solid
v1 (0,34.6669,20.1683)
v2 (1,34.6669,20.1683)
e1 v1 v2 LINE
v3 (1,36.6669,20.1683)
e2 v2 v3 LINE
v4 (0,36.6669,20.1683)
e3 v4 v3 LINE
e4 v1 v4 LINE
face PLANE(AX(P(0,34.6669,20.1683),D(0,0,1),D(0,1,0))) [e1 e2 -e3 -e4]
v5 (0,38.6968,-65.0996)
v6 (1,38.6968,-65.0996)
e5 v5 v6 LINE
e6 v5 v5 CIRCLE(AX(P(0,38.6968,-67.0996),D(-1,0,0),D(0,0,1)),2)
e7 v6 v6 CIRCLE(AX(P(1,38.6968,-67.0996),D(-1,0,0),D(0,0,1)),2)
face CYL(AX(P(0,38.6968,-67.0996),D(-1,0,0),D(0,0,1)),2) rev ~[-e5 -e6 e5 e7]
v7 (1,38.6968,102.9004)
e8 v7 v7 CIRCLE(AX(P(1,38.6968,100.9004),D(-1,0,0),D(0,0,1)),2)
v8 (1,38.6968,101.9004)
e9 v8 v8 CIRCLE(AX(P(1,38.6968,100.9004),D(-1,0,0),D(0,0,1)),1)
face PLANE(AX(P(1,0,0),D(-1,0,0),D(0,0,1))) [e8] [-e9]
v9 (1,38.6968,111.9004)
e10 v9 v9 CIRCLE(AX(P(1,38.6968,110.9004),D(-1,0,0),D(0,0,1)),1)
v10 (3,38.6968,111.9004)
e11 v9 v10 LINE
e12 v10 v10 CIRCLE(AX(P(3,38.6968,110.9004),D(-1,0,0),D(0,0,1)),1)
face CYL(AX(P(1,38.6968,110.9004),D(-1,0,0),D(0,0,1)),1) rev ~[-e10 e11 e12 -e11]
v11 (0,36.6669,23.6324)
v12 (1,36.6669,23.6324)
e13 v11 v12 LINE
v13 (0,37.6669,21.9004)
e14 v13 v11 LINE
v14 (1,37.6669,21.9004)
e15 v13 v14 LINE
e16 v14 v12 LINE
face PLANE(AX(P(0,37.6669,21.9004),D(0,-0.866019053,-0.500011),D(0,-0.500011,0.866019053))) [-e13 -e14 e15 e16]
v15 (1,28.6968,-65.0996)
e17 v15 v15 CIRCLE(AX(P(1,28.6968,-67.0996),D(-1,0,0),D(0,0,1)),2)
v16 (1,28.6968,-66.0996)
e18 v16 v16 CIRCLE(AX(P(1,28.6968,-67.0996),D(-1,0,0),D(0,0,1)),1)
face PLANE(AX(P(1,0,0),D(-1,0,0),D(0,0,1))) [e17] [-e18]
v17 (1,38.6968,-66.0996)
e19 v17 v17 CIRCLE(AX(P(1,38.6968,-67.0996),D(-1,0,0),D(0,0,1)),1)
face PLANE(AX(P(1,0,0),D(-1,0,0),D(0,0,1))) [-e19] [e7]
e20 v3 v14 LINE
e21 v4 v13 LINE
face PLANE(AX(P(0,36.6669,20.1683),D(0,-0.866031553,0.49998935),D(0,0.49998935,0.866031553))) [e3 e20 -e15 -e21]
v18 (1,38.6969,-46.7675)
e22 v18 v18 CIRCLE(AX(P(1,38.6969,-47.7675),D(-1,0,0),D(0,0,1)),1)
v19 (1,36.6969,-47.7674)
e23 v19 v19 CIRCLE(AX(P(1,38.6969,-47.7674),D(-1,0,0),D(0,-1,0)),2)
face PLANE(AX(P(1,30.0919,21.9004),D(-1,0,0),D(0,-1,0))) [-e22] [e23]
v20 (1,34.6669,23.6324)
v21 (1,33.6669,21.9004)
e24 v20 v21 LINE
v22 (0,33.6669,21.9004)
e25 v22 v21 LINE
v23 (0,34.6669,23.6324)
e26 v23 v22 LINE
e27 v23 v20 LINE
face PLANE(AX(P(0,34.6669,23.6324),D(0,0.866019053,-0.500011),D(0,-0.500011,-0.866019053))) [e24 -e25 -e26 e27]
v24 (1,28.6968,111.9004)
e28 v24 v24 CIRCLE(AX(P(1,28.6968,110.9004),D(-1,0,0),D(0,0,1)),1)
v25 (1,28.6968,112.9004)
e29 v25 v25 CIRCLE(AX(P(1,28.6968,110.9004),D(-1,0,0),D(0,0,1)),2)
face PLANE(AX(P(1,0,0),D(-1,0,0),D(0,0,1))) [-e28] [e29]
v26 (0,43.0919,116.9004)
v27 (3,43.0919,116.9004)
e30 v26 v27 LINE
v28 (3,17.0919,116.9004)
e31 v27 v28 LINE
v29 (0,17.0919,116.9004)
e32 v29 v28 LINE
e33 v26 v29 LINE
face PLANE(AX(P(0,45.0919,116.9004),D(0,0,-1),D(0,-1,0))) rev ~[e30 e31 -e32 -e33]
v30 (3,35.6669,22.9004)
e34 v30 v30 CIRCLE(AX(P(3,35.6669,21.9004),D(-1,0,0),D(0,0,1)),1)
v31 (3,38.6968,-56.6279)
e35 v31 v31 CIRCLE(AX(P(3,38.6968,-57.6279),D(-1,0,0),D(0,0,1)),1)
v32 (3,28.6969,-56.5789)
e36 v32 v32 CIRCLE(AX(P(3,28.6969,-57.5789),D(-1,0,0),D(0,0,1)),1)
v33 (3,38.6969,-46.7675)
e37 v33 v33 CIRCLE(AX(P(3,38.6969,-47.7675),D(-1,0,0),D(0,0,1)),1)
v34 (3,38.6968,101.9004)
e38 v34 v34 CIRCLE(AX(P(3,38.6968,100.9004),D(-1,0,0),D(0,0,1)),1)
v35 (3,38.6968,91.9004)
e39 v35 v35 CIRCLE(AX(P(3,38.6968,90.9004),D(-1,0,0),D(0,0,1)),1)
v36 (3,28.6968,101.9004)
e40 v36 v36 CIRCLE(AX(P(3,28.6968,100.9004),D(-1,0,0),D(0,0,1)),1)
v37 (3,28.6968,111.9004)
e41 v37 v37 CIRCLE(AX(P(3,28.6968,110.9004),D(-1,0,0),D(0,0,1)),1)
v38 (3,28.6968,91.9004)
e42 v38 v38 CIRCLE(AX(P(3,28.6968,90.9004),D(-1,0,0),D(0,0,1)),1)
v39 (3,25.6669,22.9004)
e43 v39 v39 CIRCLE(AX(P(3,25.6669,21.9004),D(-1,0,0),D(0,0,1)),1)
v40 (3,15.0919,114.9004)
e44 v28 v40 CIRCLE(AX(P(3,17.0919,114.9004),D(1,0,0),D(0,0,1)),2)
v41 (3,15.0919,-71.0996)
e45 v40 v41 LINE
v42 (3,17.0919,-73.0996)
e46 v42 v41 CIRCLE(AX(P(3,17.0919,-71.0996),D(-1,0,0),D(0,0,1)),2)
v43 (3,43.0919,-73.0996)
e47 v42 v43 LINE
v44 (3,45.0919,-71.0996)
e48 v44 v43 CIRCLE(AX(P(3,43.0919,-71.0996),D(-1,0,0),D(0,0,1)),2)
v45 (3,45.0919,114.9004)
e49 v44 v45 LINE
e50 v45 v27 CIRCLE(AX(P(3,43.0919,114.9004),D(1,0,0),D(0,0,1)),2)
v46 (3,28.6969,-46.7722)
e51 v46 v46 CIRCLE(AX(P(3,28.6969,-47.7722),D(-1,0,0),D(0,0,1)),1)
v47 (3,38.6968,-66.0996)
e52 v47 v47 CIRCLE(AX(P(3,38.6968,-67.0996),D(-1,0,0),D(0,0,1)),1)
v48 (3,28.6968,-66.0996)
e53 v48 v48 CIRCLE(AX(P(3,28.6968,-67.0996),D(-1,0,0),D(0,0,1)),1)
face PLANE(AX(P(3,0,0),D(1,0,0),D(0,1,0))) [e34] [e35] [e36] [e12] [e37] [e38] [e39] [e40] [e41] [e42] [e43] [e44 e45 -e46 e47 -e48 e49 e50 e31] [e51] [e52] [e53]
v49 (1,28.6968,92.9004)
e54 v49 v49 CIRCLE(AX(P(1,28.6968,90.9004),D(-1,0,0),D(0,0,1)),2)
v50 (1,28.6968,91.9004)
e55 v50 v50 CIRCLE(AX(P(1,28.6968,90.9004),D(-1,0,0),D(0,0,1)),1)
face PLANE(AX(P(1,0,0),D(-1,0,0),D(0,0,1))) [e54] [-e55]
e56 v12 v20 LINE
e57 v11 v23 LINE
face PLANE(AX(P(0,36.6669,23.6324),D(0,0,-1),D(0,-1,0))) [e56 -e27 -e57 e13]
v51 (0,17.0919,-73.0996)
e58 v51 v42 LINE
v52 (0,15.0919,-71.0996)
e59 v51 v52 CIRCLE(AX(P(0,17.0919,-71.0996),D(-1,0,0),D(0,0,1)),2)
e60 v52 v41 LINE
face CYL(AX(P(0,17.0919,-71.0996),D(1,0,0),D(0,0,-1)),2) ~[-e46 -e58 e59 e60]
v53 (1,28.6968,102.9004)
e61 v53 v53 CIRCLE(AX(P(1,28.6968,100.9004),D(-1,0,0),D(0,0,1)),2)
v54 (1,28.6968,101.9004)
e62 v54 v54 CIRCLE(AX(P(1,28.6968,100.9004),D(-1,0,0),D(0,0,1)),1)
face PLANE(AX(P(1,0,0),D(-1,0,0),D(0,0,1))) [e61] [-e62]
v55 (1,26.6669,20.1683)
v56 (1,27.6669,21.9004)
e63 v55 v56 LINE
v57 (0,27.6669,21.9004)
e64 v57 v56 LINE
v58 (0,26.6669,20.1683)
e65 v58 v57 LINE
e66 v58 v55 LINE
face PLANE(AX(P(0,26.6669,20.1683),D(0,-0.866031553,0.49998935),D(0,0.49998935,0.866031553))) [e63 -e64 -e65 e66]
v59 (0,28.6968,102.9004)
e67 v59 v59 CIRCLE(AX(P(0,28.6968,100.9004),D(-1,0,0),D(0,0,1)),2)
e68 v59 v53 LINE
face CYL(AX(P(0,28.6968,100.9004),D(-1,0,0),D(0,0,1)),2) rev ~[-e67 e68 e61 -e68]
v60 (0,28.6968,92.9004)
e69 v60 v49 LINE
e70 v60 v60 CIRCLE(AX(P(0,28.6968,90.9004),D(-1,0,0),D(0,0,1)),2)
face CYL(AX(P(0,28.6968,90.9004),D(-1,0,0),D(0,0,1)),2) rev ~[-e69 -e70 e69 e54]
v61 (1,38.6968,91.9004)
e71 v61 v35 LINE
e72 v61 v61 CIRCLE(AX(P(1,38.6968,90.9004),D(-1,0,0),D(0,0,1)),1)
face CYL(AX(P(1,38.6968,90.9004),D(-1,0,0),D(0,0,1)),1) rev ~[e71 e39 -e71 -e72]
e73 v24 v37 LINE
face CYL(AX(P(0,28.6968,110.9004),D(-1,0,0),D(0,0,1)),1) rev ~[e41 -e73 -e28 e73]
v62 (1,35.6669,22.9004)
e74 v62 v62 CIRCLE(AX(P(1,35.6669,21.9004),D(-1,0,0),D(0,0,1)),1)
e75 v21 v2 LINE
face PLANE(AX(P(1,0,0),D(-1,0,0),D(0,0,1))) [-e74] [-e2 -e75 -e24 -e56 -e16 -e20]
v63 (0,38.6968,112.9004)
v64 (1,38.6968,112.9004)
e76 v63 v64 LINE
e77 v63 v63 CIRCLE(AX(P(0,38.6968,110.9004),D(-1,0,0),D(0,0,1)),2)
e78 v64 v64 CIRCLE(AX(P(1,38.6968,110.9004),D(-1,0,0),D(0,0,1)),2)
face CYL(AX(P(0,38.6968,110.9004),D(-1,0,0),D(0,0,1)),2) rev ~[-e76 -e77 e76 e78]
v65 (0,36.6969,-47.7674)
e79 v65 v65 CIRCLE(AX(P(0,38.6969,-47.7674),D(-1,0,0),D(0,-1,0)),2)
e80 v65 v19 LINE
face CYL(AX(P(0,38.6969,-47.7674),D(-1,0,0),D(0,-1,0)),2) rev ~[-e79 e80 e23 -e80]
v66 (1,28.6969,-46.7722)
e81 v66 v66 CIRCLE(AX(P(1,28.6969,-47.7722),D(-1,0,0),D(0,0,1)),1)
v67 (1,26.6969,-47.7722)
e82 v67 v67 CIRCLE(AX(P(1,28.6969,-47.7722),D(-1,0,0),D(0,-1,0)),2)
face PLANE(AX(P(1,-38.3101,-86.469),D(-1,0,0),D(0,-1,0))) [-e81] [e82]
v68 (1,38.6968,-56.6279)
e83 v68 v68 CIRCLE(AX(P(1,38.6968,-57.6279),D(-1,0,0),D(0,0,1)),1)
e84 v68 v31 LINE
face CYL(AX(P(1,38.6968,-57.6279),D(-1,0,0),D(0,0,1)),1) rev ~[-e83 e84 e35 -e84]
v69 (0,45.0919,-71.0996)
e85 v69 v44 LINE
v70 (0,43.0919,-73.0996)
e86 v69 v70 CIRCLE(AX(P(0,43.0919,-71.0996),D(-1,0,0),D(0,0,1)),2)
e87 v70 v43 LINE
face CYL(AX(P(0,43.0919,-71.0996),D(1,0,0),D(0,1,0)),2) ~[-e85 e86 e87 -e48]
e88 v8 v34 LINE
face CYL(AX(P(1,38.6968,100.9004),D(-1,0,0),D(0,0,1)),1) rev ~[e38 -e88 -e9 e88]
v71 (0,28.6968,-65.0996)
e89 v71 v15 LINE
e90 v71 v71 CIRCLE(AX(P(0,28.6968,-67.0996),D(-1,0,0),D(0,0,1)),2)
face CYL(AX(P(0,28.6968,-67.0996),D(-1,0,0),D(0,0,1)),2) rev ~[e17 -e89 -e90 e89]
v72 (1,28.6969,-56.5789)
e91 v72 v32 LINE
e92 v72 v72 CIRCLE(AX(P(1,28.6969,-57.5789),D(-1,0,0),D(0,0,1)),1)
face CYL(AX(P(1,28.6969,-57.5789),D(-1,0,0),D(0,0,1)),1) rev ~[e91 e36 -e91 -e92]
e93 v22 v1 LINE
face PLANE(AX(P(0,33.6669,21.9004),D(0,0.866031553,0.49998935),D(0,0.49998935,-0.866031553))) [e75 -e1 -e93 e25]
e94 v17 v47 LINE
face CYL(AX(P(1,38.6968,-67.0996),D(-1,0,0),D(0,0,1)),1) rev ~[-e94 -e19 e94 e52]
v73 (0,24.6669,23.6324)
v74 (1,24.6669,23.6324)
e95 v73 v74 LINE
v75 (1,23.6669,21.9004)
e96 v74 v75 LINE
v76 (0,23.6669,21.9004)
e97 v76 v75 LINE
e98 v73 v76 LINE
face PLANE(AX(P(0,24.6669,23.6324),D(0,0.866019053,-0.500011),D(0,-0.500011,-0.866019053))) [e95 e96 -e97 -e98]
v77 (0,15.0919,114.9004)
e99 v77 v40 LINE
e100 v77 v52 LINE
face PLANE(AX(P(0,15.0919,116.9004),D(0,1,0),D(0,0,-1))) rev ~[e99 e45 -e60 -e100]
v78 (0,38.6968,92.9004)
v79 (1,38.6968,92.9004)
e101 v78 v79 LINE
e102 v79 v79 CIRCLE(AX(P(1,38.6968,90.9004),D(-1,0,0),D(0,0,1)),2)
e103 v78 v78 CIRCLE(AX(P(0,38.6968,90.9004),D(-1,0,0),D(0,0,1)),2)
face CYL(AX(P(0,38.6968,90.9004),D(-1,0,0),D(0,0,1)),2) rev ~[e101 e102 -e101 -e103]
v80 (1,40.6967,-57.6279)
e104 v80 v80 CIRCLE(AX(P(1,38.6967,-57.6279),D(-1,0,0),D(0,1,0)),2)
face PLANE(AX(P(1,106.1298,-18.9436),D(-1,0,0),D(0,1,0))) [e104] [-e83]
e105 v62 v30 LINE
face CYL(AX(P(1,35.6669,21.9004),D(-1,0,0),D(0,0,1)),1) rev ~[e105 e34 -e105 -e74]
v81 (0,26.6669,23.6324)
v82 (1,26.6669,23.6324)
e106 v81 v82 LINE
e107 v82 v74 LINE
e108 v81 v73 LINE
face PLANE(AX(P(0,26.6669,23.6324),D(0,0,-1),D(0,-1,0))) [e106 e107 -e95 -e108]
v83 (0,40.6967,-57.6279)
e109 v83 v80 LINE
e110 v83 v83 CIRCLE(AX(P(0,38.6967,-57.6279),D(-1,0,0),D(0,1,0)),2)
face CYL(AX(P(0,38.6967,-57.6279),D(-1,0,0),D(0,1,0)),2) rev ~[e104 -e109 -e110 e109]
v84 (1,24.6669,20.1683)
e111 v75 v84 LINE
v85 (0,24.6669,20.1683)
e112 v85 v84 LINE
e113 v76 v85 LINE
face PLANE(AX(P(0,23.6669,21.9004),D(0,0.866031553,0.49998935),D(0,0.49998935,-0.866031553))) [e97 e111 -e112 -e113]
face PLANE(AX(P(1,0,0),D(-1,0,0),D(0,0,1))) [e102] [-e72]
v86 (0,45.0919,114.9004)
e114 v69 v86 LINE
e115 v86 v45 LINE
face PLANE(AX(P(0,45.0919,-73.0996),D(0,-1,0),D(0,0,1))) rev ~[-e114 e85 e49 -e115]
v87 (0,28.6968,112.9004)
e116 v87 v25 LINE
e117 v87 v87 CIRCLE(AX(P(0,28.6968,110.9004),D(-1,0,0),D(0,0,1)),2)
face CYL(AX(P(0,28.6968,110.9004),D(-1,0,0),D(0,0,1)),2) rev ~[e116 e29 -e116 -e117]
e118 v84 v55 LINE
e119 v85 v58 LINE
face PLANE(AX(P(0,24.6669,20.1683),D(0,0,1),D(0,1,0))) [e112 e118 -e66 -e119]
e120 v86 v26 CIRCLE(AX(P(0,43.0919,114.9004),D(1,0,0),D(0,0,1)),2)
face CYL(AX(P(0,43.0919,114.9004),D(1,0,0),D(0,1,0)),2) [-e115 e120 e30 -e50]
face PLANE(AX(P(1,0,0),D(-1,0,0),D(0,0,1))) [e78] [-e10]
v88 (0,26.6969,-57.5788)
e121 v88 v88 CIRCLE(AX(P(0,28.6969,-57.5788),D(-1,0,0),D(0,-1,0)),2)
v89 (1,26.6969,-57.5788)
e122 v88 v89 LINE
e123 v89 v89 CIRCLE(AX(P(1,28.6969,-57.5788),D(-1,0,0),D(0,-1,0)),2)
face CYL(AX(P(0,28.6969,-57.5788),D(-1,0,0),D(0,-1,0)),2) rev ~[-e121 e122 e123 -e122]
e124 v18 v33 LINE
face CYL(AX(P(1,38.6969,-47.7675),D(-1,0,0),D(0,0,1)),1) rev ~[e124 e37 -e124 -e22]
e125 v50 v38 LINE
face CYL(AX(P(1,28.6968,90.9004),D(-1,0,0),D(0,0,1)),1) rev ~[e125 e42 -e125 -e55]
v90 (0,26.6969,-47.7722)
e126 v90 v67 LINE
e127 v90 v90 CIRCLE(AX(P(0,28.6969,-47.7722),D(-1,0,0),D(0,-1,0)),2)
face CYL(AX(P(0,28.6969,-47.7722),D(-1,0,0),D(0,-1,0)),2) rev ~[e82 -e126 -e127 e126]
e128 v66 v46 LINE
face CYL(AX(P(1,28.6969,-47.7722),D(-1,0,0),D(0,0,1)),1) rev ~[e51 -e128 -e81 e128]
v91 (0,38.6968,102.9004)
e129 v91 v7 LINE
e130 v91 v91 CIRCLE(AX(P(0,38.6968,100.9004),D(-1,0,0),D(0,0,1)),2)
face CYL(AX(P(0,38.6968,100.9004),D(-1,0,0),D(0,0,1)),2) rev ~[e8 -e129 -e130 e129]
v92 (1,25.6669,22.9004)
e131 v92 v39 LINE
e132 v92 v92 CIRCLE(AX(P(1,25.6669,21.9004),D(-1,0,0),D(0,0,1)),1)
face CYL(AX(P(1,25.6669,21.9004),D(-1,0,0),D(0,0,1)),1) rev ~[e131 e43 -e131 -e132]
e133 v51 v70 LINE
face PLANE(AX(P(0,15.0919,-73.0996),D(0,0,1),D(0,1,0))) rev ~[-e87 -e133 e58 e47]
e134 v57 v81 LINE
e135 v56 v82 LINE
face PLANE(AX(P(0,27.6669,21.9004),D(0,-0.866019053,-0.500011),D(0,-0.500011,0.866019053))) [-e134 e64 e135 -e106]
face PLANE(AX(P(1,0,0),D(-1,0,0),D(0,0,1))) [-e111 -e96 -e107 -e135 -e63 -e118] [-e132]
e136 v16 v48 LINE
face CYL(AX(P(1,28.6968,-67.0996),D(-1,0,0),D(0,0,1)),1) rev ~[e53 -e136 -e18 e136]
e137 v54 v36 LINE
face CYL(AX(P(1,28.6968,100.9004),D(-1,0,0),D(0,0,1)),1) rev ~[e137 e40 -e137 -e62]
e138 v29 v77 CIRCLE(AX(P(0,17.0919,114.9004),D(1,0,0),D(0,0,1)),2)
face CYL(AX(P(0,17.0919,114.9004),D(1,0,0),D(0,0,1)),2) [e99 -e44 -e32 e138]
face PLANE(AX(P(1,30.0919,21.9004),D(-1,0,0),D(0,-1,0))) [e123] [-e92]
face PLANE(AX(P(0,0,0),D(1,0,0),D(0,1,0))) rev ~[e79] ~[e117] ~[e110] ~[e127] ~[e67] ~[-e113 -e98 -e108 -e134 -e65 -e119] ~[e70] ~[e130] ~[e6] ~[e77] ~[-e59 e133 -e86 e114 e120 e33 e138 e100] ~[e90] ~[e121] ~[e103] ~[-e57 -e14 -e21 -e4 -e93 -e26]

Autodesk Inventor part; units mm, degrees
ref_plane "YZ Plane" through (0, 0, 0) normal (1, 0, 0) x (0, 1, 0)
ref_plane "XZ Plane" through (0, 0, 0) normal (0, 1, 0) x (-1, 0, 0)
ref_plane "XY Plane" through (0, 0, 0) normal (0, 0, 1) x (1, 0, 0)
sketch "Sketch2" plane through (0, 0, 0) normal (1, 0, 0) x (0, 1, 0)
  line L0 (45.0919, 116.9004) -> (15.0919, 116.9004)
  line L1 (15.0919, 116.9004) -> (15.0919, -73.0996)
  line L2 (15.0919, -73.0996) -> (45.0919, -73.0996)
  line L3 (45.0919, -73.0996) -> (45.0919, 116.9004)
  point P0 (0, 0)
  dimension "d0" = 30
  dimension "d1" = 190
extrude "Extrusion1" add sketch "Sketch2" along normal blind 3
sketch "Sketch4" plane through (0, 0, 0) normal (-1, 0, 0) x (0, 0, 1)
  circle A0 centre (-67.0996, 38.6968) radius 2
  line L0 (-73.0996, 15.0919) -> (-73.0996, 45.0919) projected
  point P0 (0, 0)
  dimension "d7" = 4
  dimension "d8" = 6
extrude "Extrusion3" cut sketch "Sketch4" against normal blind 1
sketch "Sketch5" plane through (1, 38.6968, -67.0996) normal (-1, 0, 0) x (0, 0, 1)
  circle A0 centre (0, 0) radius 1
  point P0 (67.0996, -38.6968)
  dimension "d11" = 2
extrude "Extrusion4" cut sketch "Sketch5" against normal blind 2
sketch "Sketch6" plane through (0, 0, 0) normal (-1, 0, 0) x (0, 0, 1)
  circle A0 centre (-67.0996, 28.6968) radius 1
  circle A1 centre (-67.0996, 28.6968) radius 2
  circle A2 centre (-67.0996, 38.6968) radius 2 projected
  point P0 (0, 0)
  dimension "d14" = 2
  dimension "d15" = 4
  dimension "d17" = 10
extrude "Extrusion5" cut sketch "Sketch6" against normal blind 1 contours A0 | A1
sketch "Sketch7" plane through (1, 28.6968, -67.0996) normal (-1, 0, 0) x (0, 0, 1)
  circle A0 centre (0, 0) radius 1
  point P0 (67.0996, -28.6968)
  dimension "d20" = 2
extrude "Extrusion6" cut sketch "Sketch7" against normal blind 2
sketch "Sketch8" plane through (0, 106.1298, -18.9436) normal (-1, 0, 0) x (0, 1, 0)
  circle A0 centre (-67.4331, 38.6843) radius 2
  line L0 (-73.0996, 15.0919) -> (-73.5243, 45.0873)
  circle A1 centre (-67.4331, 48.156) radius 2 projected
  point P0 (0, 0)
  dimension "d23" = 4
  dimension "d24" = 6
  dimension "d45" = 9.4717
  dimension "d46" = 9.4717
extrude "Extrusion7" cut sketch "Sketch8" against normal blind 1 contours A0
sketch "Sketch9" plane through (1, 38.6968, -57.6279) normal (-1, 0, 0) x (0, 0, 1)
  circle A0 centre (0, 0) radius 1
  point P0 (67.0996, -38.6968)
  dimension "d28" = 2
extrude "Extrusion8" cut sketch "Sketch9" against normal blind 2
sketch "Sketch10" plane through (0, 30.0919, 21.9004) normal (-1, 0, 0) x (0, -1, 0)
  circle A0 centre (1.395, -79.4792) radius 1
  circle A1 centre (1.395, -79.4792) radius 2
  circle A2 centre (-8.6049, -79.5283) radius 2 projected
  circle A3 centre (1.3951, -89) radius 2 projected
  point P0 (0, 0)
  dimension "d33" = 2
  dimension "d32" = 4
  dimension "d34" = 10
  dimension "d47" = 9.5208
  dimension "d48" = 9.5208
extrude "Extrusion9" cut sketch "Sketch10" against normal blind 1 contours A0 | A1
sketch "Sketch12" plane through (1, 28.6969, -57.5789) normal (-1, 0, 0) x (0, 0, 1)
  circle A0 centre (0, 0) radius 1
  point P0 (57.5789, -28.6969)
  dimension "d42" = 2
extrude "Extrusion11" cut sketch "Sketch12" against normal blind 2
sketch "Sketch14" plane through (0, -38.3101, -86.469) normal (-1, 0, 0) x (0, -1, 0)
  circle A0 centre (-67.007, 38.6968) radius 2
  line L0 (-73.0996, 15.0919) -> (-72.982, 45.0906)
  circle A1 centre (-67.007, 28.8901) radius 2 projected
  point P0 (0, 0)
  dimension "d49" = 4
  dimension "d50" = 6
  dimension "d71" = 9.8066
extrude "Extrusion12" cut sketch "Sketch14" against normal blind 1 contours A0
sketch "Sketch15" plane through (1, 28.6969, -47.7722) normal (-1, 0, 0) x (0, 0, 1)
  circle A0 centre (0, 0) radius 1
  point P0 (67.0996, -38.6968)
  dimension "d54" = 2
extrude "Extrusion13" cut sketch "Sketch15" against normal blind 2
sketch "Sketch16" plane through (0, 30.0919, 21.9004) normal (-1, 0, 0) x (0, -1, 0)
  circle A0 centre (-8.605, -69.6678) radius 1
  circle A1 centre (-8.605, -69.6678) radius 2
  circle A2 centre (1.395, -69.6726) radius 2 projected
  circle A3 centre (-8.6049, -79.5283) radius 2 projected
  circle A4 centre (1.395, -79.4792) radius 2 projected
  point P0 (0, 0)
  dimension "d59" = 2
  dimension "d58" = 4
  dimension "d60" = 10
  dimension "d68" = 9.8605
  dimension "d69" = 9.8066
extrude "Extrusion14" cut sketch "Sketch16" against normal blind 1 contours A0 | A1
sketch "Sketch17" plane through (1, 38.6969, -47.7675) normal (-1, 0, 0) x (0, 0, 1)
  circle A0 centre (0, 0) radius 1
  point P0 (67.0996, -28.6968)
  dimension "d64" = 2
extrude "Extrusion15" cut sketch "Sketch17" against normal blind 2
fillet "Fillet1" radius 2 4 edges at (1.5, 45.0919, 116.9004) (1.5, 15.0919, 116.9004) (1.5, 45.0919, -73.0996) (1.5, 15.0919, -73.0996)
sketch "Sketch18" plane through (0, 0, 0) normal (-1, 0, 0) x (0, 0, 1)
  circle A0 centre (110.9004, 38.6968) radius 2
  line L0 (116.9004, 43.0919) -> (116.9004, 17.0919) projected
  point P0 (0, 0)
  dimension "d73" = 4
  dimension "d79" = 6
extrude "Extrusion16" cut sketch "Sketch18" against normal blind 1
sketch "Sketch19" plane through (1, 38.6968, 110.9004) normal (-1, 0, 0) x (0, 0, 1)
  circle A0 centre (0, 0) radius 1
  point P0 (-110.9004, -38.6968)
  dimension "d76" = 2
extrude "Extrusion17" cut sketch "Sketch19" against normal blind 2
sketch "Sketch21" plane through (0, 0, 0) normal (-1, 0, 0) x (0, 0, 1)
  circle A0 centre (110.9004, 28.6968) radius 1
  circle A1 centre (110.9004, 38.6968) radius 1 projected
  point P0 (0, 0)
  dimension "d84" = 2
  dimension "d90" = 10
extrude "Extrusion19" cut sketch "Sketch21" against normal blind 3 contours A0
sketch "Sketch22" plane through (0, 0, 0) normal (-1, 0, 0) x (0, 0, 1)
  circle A0 centre (110.9004, 28.6968) radius 1 projected
  circle A1 centre (110.9004, 28.6968) radius 2
  point P0 (0, 0)
  dimension "d87" = 4
extrude "Extrusion20" cut sketch "Sketch22" against normal blind 1
sketch "Sketch23" plane through (0, 0, 0) normal (-1, 0, 0) x (0, 0, 1)
  circle A0 centre (100.9004, 38.6968) radius 2
  circle A1 centre (110.9004, 38.6968) radius 1 projected
  point P0 (0, 0)
  dimension "d93" = 10
extrude "Extrusion21" cut sketch "Sketch23" against normal blind 1 contours A0
sketch "Sketch24" plane through (0, 0, 0) normal (-1, 0, 0) x (0, 0, 1)
  circle A0 centre (100.9004, 28.6968) radius 2
  circle A1 centre (110.9004, 28.6968) radius 2 projected
  point P0 (0, 0)
  dimension "d97" = 10
extrude "Extrusion22" cut sketch "Sketch24" against normal blind 1 contours A0
sketch "Sketch25" plane through (0, 0, 0) normal (-1, 0, 0) x (0, 0, 1)
  circle A0 centre (90.9004, 38.6968) radius 2
  circle A1 centre (100.9004, 38.6968) radius 2 projected
  point P0 (0, 0)
  dimension "d98" = 10
sketch "Sketch26" plane through (1, 28.6968, 100.9004) normal (-1, 0, 0) x (0, 0, 1)
  point P0 (-100.9004, -28.6968)
sketch "Sketch27" plane through (0, 0, 0) normal (-1, 0, 0) x (0, 0, 1)
  circle A0 centre (90.9004, 28.6968) radius 2
  circle A1 centre (100.9004, 28.6968) radius 2 projected
  point P0 (0, 0)
  dimension "d99" = 10
extrude "Extrusion23" cut sketch "Sketch25" against normal blind 1 contours A0
extrude "Extrusion24" cut sketch "Sketch27" against normal blind 1 contours A0
sketch "Sketch28" plane through (0, 0, 0) normal (-1, 0, 0) x (0, 0, 1)
  point P0 (0, 0)
sketch "Sketch29" plane through (1, 38.6968, 90.9004) normal (-1, 0, 0) x (0, 0, 1)
  circle A0 centre (0, 0) radius 1
  circle A1 centre (0, -10) radius 2 projected
  circle A2 centre (0, -10) radius 1
  circle A3 centre (10, -10) radius 2 projected
  circle A4 centre (10, -10) radius 1
  circle A5 centre (10, 0) radius 2 projected
  circle A6 centre (10, 0) radius 1
  point P0 (-90.9004, -38.6968)
  dimension "d104" = 2
  dimension "d105" = 2
extrude "Extrusion25" cut sketch "Sketch29" against normal blind 2 contours A0 | A2 | A4 | A6
sketch "Sketch30" plane through (0, 0, 0) normal (-1, 0, 0) x (0, 0, 1)
  point P0 (0, 0)
sketch "Sketch31" plane through (0, 0, 0) normal (-1, 0, 0) x (0, 0, 1)
  line L0 (21.9004, 37.6669) -> (23.6324, 36.6669)
  line L1 (23.6324, 36.6669) -> (23.6324, 34.6669)
  line L2 (23.6324, 34.6669) -> (21.9004, 33.6669)
  line L3 (21.9004, 33.6669) -> (20.1683, 34.6669)
  line L4 (20.1683, 34.6669) -> (20.1683, 36.6669)
  line L5 (20.1683, 36.6669) -> (21.9004, 37.6669)
  line L6 (21.9004, 27.6669) -> (23.6324, 26.6669)
  line L7 (23.6324, 26.6669) -> (23.6324, 24.6669)
  line L8 (23.6324, 24.6669) -> (21.9004, 23.6669)
  line L9 (21.9004, 23.6669) -> (20.1683, 24.6669)
  line L10 (20.1683, 24.6669) -> (20.1683, 26.6669)
  line L11 (20.1683, 26.6669) -> (21.9004, 27.6669)
  point P0 (0, 0)
  point P1 (21.9004, 35.6669)
  point P2 (21.9004, 25.6669)
  dimension "d108" = 4
  dimension "d109" = 4
  dimension "d110" = 6
extrude "Extrusion26" cut sketch "Sketch31" against normal blind 1
sketch "Sketch32" plane through (1, 0, 0) normal (-1, 0, 0) x (0, 0, 1)
  circle A0 centre (21.9004, 25.6669) radius 1
  circle A1 centre (21.9004, 35.6669) radius 1
  point P0 (0, 0)
extrude "Extrusion27" cut sketch "Sketch32" against normal blind 2
sketch "Sketch33" plane through (0, 0, 0) normal (-1, 0, 0) x (0, 0, 1)
  circle A0 centre (-67.0996, 38.6968) radius 1 projected
  line L0 (116.9004, 43.0919) -> (116.9004, 17.0919) projected
  point P0 (0, 0)
properties part number "Holder e Holder gripper"
